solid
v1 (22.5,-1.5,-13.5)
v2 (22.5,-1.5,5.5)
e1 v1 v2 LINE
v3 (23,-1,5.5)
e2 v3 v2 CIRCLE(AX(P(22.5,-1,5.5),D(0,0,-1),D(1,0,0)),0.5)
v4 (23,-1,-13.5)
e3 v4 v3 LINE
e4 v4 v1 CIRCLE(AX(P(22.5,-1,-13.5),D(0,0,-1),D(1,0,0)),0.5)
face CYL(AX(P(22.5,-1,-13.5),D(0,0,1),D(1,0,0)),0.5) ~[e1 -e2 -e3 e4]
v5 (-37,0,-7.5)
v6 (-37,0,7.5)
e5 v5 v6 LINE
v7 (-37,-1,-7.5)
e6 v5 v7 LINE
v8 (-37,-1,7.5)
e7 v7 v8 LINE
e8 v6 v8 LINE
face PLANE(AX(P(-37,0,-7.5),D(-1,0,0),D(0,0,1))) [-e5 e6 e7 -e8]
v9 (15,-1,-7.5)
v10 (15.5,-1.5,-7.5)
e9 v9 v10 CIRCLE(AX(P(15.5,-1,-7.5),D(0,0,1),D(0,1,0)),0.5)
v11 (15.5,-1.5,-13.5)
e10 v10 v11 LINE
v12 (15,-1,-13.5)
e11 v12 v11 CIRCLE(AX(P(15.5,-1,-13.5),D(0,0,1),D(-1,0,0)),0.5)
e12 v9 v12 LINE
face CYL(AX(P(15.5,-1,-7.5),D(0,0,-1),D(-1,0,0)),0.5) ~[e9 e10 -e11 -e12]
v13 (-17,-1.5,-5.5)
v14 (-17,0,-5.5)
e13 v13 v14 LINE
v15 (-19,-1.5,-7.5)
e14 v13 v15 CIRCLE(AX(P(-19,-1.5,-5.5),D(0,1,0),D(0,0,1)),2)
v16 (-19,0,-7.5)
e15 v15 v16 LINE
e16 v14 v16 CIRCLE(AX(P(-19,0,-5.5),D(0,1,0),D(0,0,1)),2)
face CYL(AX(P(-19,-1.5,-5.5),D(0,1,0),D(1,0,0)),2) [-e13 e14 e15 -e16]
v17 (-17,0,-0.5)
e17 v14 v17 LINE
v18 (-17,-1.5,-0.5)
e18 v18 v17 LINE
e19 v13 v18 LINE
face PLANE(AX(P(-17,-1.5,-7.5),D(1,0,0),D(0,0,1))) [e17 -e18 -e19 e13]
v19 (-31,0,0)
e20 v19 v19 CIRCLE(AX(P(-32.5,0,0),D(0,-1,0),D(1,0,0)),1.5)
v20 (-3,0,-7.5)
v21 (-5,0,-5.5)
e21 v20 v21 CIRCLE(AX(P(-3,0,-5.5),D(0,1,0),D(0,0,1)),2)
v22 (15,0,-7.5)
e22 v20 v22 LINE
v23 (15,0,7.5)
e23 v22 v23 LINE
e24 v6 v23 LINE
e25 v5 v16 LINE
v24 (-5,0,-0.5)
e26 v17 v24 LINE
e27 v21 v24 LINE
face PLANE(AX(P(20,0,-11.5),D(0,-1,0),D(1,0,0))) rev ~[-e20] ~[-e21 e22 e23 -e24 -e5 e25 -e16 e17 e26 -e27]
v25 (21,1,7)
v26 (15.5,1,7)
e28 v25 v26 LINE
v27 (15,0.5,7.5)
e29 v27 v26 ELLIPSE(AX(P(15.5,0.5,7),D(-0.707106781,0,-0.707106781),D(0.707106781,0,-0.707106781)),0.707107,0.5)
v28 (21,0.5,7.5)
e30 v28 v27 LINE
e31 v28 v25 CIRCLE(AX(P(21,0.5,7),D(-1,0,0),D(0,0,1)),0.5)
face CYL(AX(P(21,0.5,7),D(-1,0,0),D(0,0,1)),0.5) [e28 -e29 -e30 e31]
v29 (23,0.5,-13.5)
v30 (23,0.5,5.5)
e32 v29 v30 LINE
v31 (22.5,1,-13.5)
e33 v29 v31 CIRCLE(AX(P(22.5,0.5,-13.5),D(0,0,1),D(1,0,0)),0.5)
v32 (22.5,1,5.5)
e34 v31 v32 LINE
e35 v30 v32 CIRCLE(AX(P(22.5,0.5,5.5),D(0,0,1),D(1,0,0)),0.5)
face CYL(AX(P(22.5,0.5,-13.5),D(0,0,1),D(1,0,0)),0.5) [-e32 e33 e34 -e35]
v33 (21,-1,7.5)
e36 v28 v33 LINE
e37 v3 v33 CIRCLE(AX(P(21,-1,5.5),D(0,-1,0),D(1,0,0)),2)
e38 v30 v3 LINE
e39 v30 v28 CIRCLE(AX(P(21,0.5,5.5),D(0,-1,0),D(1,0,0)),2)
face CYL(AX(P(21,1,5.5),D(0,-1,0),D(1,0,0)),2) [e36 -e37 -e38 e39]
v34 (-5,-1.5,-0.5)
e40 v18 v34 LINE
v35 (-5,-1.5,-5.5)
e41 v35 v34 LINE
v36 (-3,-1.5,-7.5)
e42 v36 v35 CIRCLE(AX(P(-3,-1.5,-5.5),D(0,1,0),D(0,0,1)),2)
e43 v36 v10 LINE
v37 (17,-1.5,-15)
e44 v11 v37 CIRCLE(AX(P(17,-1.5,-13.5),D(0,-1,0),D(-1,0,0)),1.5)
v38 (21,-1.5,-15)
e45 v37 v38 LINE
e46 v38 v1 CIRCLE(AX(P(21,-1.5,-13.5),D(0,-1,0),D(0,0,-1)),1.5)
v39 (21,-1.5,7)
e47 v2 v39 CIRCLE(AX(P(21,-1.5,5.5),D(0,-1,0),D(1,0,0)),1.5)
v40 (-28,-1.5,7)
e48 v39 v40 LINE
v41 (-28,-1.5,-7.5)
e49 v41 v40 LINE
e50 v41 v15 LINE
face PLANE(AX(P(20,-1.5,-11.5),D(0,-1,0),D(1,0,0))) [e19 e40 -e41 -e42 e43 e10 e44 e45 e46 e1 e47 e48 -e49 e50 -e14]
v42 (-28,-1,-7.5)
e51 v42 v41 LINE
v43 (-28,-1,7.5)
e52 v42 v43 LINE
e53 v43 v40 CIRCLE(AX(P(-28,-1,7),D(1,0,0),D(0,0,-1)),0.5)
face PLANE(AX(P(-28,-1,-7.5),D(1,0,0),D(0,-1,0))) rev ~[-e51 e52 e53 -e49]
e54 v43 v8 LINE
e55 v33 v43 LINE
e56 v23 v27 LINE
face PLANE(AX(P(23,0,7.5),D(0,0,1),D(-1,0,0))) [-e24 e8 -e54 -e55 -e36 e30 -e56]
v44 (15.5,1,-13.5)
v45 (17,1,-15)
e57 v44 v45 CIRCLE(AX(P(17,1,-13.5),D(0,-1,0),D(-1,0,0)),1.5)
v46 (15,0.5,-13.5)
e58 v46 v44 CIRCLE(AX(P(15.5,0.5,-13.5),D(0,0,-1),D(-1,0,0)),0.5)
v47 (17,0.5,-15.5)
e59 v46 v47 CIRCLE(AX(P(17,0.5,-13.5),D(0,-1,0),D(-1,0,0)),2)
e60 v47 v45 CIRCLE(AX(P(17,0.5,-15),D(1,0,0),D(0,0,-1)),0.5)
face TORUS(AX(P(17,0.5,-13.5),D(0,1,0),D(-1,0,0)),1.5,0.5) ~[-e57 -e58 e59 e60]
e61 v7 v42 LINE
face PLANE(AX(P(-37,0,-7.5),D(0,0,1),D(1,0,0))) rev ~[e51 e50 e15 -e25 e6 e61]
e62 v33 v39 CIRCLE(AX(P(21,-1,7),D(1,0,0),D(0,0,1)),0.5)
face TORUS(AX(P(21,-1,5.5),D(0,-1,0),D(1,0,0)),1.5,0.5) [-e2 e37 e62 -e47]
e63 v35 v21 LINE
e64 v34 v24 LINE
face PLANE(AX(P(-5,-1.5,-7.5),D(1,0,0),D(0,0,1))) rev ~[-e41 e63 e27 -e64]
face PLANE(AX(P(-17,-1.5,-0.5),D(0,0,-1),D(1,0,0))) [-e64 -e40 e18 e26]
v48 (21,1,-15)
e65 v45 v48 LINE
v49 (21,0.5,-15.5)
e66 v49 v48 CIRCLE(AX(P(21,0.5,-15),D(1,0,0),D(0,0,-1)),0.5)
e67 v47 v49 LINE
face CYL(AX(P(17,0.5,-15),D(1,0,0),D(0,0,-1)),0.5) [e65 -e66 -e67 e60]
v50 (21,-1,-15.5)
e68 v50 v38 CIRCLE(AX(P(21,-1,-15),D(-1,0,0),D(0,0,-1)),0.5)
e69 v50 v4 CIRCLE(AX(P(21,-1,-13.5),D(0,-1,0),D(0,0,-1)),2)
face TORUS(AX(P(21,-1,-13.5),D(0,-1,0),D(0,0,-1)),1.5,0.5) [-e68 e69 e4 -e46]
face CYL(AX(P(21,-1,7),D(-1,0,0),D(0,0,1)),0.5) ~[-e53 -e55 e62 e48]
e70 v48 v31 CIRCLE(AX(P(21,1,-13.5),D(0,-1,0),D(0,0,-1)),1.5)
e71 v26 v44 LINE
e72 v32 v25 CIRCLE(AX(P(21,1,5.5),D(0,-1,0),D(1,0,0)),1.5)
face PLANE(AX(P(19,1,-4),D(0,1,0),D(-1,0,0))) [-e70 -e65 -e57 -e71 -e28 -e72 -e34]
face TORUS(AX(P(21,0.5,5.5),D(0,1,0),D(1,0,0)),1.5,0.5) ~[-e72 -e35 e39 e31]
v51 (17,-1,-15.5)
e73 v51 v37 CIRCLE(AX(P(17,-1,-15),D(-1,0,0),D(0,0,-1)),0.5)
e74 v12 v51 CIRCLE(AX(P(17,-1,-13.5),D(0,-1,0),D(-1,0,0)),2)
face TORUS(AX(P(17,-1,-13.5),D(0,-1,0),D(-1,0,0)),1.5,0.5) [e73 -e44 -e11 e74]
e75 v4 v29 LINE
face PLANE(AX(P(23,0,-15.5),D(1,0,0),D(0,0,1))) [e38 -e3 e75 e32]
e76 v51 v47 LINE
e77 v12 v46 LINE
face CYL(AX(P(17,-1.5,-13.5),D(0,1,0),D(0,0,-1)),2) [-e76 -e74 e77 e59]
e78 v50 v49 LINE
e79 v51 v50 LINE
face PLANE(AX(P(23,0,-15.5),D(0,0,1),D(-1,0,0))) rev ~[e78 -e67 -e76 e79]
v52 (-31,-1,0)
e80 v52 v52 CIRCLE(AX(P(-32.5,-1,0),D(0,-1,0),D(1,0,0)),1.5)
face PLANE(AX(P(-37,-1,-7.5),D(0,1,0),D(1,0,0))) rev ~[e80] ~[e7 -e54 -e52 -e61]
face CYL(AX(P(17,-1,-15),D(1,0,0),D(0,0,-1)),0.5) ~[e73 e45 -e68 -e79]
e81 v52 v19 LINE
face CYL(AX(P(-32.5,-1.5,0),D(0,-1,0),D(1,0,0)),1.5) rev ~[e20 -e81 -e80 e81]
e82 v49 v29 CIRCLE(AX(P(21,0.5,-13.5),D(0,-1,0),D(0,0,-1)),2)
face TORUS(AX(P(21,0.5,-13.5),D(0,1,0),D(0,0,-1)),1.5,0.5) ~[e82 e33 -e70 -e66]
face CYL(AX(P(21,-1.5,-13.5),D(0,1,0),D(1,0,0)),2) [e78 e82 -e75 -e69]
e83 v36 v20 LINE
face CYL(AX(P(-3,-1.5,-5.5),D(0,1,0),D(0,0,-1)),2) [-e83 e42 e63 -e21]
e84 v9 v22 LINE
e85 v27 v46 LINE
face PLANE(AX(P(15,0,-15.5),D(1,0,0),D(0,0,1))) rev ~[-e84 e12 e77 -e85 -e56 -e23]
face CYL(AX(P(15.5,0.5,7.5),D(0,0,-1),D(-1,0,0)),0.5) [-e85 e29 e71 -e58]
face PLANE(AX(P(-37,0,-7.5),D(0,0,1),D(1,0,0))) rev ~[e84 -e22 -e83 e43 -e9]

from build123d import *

# Parameters (mm, degrees)
F0_W      = 62
F0_H      = 15
F1_DEPTH  = 1.5
F2_W      = 10
F2_H      = 8
F3_DEPTH  = 1.5
F4_W      = 12
F4_H      = 7
F5_DEPTH  = 1.501
F6_R      = 1.5
F7_DEPTH  = 1.501
F8_W      = 9
F8_H      = 0.5
F9_DEPTH  = 15.001
F10_W     = 2
F10_H     = 1.5
F11_DEPTH = 23.001
F12_W     = 8
F12_H     = 23
F13_DEPTH = 1
F14_R     = 2
F15_R     = 0.5


with BuildPart() as f1:
    # F0 (on Front) → F1 (new body)
    with BuildSketch(Plane.XZ):
        with Locations((-6, 0)):
            Rectangle(F0_W, F0_H)
    extrude(amount=F1_DEPTH)

    # F2 (on face) → F3 (join, through all)
    with BuildSketch(Plane.XZ.offset(1.5)):
        with Locations((20, -11.5)):
            Rectangle(F2_W, F2_H)
    extrude(amount=-F3_DEPTH)

    # F4 (on face) → F5 (cut, through all)
    with BuildSketch(Plane.XZ.offset(1.5)):
        with Locations((-11, -4)):
            Rectangle(F4_W, F4_H)
    extrude(amount=-F5_DEPTH, mode=Mode.SUBTRACT)

    # F6 (on face) → F7 (cut, through all)
    with BuildSketch(Plane.XZ.offset(1.5)):
        with Locations((-32.5, 0)):
            Circle(F6_R)
    extrude(amount=-F7_DEPTH, mode=Mode.SUBTRACT)

    # F8 (on face) → F9 (cut, through all)
    with BuildSketch(Plane(origin=(0, 0, -7.5), x_dir=(1, 0, 0), z_dir=(0, 0, -1))):
        with Locations((-32.5, 1.25)):
            Rectangle(F8_W, F8_H)
    extrude(amount=-F9_DEPTH, mode=Mode.SUBTRACT)

    # F10 (on face) → F11 (cut, through all)
    with BuildSketch(Plane(origin=(0, 0, -15.5), x_dir=(1, 0, 0), z_dir=(0, 0, -1))):
        with Locations((24, 0.75)):
            Rectangle(F10_W, F10_H)
    extrude(amount=-F11_DEPTH, mode=Mode.SUBTRACT)

    # F12 (on face) → F13 (join)
    with BuildSketch(Plane(origin=(0, 0, 0), x_dir=(-1, 0, 0), z_dir=(0, 1, 0))):
        with Locations((-19, -4)):
            Rectangle(F12_W, F12_H)
    extrude(amount=F13_DEPTH)

    # F14
    f14_edges = [f1.edges().sort_by_distance(p)[0] for p in [
        (15, -0.25, -15.5),
        (23, -0.25, -15.5),
        (23, -0.25, 7.5),
        (-5, -0.75, -7.5),
        (-17, -0.75, -7.5),
    ]]
    fillet(f14_edges, radius=F14_R)

    # F15
    f15_edges = [f1.edges().sort_by_distance(p)[0] for p in [
        (23, 1, -4),
        (23, -1.5, -4),
    ]]
    fillet(f15_edges, radius=F15_R)


solid = f1.part
